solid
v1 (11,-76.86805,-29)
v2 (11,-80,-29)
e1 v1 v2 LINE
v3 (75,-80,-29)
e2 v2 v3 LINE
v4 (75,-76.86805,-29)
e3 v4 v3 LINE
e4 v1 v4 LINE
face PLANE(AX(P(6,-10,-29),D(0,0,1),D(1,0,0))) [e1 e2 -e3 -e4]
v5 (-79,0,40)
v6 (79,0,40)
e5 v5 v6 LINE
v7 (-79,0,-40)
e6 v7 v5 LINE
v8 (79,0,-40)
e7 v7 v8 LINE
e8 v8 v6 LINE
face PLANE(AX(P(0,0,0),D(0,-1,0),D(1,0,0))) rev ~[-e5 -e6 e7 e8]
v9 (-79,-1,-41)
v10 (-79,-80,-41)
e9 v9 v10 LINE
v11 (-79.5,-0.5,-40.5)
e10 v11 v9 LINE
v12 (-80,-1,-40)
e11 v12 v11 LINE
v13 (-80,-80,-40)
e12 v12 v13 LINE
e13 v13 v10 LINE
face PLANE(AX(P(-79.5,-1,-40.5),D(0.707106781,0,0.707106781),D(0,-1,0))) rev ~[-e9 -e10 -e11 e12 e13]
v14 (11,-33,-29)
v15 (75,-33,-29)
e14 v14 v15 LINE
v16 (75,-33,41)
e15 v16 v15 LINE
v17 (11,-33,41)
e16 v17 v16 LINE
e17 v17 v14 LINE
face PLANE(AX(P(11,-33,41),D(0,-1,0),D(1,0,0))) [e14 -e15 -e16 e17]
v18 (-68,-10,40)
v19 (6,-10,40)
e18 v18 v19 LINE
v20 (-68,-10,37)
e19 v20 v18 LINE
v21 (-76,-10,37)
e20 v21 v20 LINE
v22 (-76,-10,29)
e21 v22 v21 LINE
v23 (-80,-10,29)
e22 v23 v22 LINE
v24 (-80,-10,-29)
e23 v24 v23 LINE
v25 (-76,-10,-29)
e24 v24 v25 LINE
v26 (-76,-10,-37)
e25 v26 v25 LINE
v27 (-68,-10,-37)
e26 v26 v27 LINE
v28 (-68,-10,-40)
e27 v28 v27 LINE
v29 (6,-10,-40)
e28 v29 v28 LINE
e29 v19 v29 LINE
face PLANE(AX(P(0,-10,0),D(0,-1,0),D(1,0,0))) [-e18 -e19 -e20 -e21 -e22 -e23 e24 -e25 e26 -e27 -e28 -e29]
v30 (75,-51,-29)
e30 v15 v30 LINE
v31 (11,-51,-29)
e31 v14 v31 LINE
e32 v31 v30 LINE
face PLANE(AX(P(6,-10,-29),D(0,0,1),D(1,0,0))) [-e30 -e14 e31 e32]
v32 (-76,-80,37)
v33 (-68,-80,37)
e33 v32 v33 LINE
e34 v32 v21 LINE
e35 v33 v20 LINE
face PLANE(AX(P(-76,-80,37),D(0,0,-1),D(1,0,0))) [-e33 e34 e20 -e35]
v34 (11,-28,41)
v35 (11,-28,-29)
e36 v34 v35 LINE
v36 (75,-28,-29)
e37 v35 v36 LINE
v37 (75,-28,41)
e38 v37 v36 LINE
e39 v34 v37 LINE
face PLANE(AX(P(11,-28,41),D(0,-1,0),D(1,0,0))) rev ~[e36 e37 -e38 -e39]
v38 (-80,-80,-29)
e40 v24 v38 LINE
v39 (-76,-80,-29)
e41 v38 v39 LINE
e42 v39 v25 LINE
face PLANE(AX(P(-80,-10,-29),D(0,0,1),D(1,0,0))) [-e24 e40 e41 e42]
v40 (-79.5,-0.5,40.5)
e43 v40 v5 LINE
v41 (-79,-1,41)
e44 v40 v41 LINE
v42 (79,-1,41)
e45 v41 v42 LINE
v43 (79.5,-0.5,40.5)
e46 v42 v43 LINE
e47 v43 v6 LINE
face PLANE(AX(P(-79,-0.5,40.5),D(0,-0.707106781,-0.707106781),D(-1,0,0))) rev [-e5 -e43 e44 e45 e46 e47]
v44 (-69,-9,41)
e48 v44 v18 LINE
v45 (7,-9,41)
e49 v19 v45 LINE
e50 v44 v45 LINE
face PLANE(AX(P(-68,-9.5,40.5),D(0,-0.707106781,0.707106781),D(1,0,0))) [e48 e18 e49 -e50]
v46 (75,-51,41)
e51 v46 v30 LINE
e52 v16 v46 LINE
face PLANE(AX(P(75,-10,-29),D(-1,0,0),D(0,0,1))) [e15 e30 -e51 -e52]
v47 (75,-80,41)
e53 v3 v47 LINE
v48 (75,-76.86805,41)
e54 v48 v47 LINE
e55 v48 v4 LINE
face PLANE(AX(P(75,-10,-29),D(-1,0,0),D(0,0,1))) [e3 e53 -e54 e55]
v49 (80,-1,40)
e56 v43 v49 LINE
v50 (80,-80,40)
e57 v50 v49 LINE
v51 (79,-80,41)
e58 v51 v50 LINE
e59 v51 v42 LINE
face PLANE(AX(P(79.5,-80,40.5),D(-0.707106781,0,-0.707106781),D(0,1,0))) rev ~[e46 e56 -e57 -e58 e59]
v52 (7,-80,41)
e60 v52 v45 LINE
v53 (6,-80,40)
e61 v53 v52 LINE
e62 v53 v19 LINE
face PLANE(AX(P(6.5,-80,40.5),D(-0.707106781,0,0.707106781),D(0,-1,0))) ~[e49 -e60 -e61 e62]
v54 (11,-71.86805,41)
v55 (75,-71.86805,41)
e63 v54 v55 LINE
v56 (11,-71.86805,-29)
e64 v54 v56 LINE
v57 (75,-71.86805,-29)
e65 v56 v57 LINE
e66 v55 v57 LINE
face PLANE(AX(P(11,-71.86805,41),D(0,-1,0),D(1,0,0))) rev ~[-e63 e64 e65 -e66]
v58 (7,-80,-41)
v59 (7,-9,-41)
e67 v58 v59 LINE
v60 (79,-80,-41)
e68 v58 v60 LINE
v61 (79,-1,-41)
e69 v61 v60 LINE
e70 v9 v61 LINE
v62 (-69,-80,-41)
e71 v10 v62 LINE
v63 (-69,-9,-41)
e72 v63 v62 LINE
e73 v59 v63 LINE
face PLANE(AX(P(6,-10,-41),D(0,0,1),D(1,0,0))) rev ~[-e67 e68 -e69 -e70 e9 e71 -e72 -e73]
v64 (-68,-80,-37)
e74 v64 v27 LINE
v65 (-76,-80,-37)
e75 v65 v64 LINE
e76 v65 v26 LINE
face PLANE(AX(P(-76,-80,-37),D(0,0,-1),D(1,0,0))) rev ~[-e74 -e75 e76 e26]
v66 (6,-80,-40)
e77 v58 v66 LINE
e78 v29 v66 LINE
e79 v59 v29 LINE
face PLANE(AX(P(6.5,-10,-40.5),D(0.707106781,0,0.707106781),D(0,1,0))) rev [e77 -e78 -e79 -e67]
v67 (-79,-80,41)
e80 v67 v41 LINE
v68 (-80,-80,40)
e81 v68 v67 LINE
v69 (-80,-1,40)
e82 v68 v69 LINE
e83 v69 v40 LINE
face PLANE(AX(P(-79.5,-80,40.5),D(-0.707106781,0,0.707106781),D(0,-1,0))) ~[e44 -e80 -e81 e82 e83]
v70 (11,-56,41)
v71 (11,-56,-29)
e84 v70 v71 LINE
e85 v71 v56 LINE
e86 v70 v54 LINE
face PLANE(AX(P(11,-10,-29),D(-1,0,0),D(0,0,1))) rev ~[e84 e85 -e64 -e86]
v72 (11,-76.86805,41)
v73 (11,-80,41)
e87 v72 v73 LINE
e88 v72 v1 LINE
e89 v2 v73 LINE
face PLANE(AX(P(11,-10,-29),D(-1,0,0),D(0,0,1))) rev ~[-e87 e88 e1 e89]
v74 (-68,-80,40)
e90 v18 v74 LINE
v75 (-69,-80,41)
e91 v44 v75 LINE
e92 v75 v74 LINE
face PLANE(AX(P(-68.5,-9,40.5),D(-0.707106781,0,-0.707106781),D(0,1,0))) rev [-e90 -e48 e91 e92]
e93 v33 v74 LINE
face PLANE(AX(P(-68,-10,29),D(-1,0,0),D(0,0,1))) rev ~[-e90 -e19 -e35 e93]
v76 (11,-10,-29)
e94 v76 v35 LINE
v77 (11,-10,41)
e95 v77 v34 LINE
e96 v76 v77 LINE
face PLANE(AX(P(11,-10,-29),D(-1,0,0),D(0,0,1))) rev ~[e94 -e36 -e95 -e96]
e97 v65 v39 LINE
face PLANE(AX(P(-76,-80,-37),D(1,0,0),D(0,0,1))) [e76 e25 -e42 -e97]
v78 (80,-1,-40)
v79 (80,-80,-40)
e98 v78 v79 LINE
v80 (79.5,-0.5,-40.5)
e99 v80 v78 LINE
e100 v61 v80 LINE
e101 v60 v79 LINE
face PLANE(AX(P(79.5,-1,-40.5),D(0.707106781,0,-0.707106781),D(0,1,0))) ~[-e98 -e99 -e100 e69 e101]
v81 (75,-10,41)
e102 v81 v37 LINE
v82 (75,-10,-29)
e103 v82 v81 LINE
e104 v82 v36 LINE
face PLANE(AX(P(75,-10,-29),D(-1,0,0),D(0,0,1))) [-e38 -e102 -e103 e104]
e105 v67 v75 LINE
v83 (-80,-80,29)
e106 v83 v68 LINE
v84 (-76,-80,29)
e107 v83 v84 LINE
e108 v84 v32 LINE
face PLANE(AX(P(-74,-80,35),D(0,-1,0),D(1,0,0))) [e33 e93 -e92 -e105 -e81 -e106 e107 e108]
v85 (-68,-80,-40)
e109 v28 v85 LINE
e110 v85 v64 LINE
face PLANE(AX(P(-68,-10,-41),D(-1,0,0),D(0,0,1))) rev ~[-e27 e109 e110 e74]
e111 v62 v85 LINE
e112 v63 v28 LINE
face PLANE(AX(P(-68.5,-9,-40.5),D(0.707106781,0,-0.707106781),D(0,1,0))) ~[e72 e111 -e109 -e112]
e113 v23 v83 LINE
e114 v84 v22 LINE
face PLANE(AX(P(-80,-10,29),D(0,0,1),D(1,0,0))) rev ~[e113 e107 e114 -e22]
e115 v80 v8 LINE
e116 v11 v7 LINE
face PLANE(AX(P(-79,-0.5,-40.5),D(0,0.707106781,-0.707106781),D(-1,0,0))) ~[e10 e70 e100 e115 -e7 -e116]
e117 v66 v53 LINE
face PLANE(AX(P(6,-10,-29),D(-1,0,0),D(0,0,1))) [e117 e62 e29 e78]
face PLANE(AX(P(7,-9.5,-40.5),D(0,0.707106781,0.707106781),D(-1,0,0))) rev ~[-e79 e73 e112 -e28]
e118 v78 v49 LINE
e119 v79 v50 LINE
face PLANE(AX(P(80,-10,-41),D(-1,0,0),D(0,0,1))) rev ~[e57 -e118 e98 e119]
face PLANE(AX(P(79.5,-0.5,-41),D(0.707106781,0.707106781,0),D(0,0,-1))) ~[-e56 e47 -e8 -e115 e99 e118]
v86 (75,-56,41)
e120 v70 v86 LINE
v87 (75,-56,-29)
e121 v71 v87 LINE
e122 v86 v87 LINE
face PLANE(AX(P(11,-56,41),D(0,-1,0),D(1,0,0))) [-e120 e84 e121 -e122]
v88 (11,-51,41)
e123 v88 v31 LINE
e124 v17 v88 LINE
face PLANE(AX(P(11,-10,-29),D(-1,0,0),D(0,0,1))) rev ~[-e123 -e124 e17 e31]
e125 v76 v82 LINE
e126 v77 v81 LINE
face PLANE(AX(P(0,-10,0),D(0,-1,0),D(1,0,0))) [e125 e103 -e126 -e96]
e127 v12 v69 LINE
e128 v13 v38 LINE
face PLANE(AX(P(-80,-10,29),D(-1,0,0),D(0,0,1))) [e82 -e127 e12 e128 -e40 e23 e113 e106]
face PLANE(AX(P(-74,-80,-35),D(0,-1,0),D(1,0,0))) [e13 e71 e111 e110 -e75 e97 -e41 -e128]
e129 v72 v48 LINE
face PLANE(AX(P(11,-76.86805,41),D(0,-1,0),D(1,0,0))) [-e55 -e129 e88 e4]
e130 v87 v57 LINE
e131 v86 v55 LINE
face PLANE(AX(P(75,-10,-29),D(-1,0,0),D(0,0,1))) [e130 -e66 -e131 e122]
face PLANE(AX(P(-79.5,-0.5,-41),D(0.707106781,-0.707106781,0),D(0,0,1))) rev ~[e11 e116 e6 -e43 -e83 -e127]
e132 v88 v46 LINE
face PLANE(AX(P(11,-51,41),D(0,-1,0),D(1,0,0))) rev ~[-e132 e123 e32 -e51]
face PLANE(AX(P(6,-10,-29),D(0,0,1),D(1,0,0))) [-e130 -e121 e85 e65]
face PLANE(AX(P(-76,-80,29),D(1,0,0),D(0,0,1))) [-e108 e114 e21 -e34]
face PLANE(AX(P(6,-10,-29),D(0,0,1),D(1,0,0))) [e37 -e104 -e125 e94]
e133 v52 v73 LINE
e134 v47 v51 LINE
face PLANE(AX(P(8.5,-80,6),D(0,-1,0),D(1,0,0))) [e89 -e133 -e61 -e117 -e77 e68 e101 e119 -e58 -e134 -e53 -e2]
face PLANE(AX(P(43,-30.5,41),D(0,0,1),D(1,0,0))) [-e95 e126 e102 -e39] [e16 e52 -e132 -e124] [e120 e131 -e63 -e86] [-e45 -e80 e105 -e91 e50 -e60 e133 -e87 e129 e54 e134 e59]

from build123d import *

# Parameters (mm, degrees)
F0_W      = 160
F0_H      = 82
F1_DEPTH  = 10
F2_W      = 12
F2_H      = 12
F3_DEPTH  = 70
F4_W      = 74
F4_H      = 12
F5_DEPTH  = 70
F6_W      = 5
F6_H      = 70
F7_DEPTH  = 70
F8_W      = 64
F8_H      = 5
F9_DEPTH  = 80
F10_W     = 8
F10_H     = 8
F11_DEPTH = 70
F12_W     = 8
F12_H     = 8
F13_DEPTH = 70
F14_SIZE  = 1
F15_SIZE  = 1
F16_SIZE  = 1
F17_SIZE  = 1
F18_SIZE  = 1
F19_SIZE  = 1
F20_SIZE  = 1
F21_SIZE  = 1
F22_SIZE  = 1
F23_SIZE  = 1
F24_SIZE  = 1
F25_SIZE  = 1
F26_SIZE  = 1
F27_SIZE  = 1


with BuildPart() as f1:
    # F0 (on Front) → F1 (new body)
    with BuildSketch(Plane.XZ):
        Rectangle(F0_W, F0_H)
    extrude(amount=F1_DEPTH)

    # F2 (on face) → F3 (join)
    with BuildSketch(Plane.XZ.offset(10)):
        with Locations((-74, 35)):
            Rectangle(F2_W, F2_H)
        with Locations((-74, -35)):
            Rectangle(F2_W, F2_H)
    extrude(amount=F3_DEPTH)

    # F4 (on face) → F5 (join)
    with BuildSketch(Plane.XZ.offset(10)):
        with Locations((43, -35)):
            Rectangle(F4_W, F4_H)
    extrude(amount=F5_DEPTH)

    # F6 (on face) → F7 (join)
    with BuildSketch(Plane.XZ.offset(10)):
        with Locations((8.5, 6)):
            Rectangle(F6_W, F6_H)
        with Locations((77.5, 6)):
            Rectangle(F6_W, F6_H)
    extrude(amount=F7_DEPTH)

    # F8 (on face) → F9 (join)
    with BuildSketch(Plane.XY.offset(41)):
        with Locations((43, -30.5)):
            Rectangle(F8_W, F8_H)
        with Locations((43, -53.5)):
            Rectangle(F8_W, F8_H)
        with Locations((43, -74.3680498004)):
            Rectangle(F8_W, F8_H)
    extrude(amount=-F9_DEPTH)

    # F10 (on face) → F11 (cut)
    with BuildSketch(Plane.XZ.offset(80)):
        with Locations((-72, 33)):
            Rectangle(F10_W, F10_H)
    extrude(amount=-F11_DEPTH, mode=Mode.SUBTRACT)

    # F12 (on face) → F13 (cut)
    with BuildSketch(Plane.XZ.offset(80)):
        with Locations((-72, -33)):
            Rectangle(F12_W, F12_H)
    extrude(amount=-F13_DEPTH, mode=Mode.SUBTRACT)

    # F14
    f14_edges = [f1.edges().sort_by_distance(p)[0] for p in [
        (-80, 0, 0),
    ]]
    chamfer(f14_edges, length=F14_SIZE)

    # F15
    f15_edges = [f1.edges().sort_by_distance(p)[0] for p in [
        (0.5, 0, 41),
    ]]
    chamfer(f15_edges, length=F15_SIZE)

    # F16
    f16_edges = [f1.edges().sort_by_distance(p)[0] for p in [
        (80, 0, -0.5),
    ]]
    chamfer(f16_edges, length=F16_SIZE)

    # F17
    f17_edges = [f1.edges().sort_by_distance(p)[0] for p in [
        (0, 0, -41),
    ]]
    chamfer(f17_edges, length=F17_SIZE)

    # F18
    f18_edges = [f1.edges().sort_by_distance(p)[0] for p in [
        (-80, -40.5, 41),
    ]]
    chamfer(f18_edges, length=F18_SIZE)

    # F19
    f19_edges = [f1.edges().sort_by_distance(p)[0] for p in [
        (80, -40.5, 41),
    ]]
    chamfer(f19_edges, length=F19_SIZE)

    # F20
    f20_edges = [f1.edges().sort_by_distance(p)[0] for p in [
        (-80, -40.5, -41),
    ]]
    chamfer(f20_edges, length=F20_SIZE)

    # F21
    f21_edges = [f1.edges().sort_by_distance(p)[0] for p in [
        (80, -40.5, -41),
    ]]
    chamfer(f21_edges, length=F21_SIZE)

    # F22
    f22_edges = [f1.edges().sort_by_distance(p)[0] for p in [
        (6, -45, -41),
    ]]
    chamfer(f22_edges, length=F22_SIZE)

    # F23
    f23_edges = [f1.edges().sort_by_distance(p)[0] for p in [
        (-31, -10, -41),
    ]]
    chamfer(f23_edges, length=F23_SIZE)

    # F24
    f24_edges = [f1.edges().sort_by_distance(p)[0] for p in [
        (-68, -45, -41),
    ]]
    chamfer(f24_edges, length=F24_SIZE)

    # F25
    f25_edges = [f1.edges().sort_by_distance(p)[0] for p in [
        (-31, -10, 41),
    ]]
    chamfer(f25_edges, length=F25_SIZE)

    # F26
    f26_edges = [f1.edges().sort_by_distance(p)[0] for p in [
        (-68, -45, 41),
    ]]
    chamfer(f26_edges, length=F26_SIZE)

    # F27
    f27_edges = [f1.edges().sort_by_distance(p)[0] for p in [
        (6, -45, 41),
    ]]
    chamfer(f27_edges, length=F27_SIZE)


solid = f1.part
